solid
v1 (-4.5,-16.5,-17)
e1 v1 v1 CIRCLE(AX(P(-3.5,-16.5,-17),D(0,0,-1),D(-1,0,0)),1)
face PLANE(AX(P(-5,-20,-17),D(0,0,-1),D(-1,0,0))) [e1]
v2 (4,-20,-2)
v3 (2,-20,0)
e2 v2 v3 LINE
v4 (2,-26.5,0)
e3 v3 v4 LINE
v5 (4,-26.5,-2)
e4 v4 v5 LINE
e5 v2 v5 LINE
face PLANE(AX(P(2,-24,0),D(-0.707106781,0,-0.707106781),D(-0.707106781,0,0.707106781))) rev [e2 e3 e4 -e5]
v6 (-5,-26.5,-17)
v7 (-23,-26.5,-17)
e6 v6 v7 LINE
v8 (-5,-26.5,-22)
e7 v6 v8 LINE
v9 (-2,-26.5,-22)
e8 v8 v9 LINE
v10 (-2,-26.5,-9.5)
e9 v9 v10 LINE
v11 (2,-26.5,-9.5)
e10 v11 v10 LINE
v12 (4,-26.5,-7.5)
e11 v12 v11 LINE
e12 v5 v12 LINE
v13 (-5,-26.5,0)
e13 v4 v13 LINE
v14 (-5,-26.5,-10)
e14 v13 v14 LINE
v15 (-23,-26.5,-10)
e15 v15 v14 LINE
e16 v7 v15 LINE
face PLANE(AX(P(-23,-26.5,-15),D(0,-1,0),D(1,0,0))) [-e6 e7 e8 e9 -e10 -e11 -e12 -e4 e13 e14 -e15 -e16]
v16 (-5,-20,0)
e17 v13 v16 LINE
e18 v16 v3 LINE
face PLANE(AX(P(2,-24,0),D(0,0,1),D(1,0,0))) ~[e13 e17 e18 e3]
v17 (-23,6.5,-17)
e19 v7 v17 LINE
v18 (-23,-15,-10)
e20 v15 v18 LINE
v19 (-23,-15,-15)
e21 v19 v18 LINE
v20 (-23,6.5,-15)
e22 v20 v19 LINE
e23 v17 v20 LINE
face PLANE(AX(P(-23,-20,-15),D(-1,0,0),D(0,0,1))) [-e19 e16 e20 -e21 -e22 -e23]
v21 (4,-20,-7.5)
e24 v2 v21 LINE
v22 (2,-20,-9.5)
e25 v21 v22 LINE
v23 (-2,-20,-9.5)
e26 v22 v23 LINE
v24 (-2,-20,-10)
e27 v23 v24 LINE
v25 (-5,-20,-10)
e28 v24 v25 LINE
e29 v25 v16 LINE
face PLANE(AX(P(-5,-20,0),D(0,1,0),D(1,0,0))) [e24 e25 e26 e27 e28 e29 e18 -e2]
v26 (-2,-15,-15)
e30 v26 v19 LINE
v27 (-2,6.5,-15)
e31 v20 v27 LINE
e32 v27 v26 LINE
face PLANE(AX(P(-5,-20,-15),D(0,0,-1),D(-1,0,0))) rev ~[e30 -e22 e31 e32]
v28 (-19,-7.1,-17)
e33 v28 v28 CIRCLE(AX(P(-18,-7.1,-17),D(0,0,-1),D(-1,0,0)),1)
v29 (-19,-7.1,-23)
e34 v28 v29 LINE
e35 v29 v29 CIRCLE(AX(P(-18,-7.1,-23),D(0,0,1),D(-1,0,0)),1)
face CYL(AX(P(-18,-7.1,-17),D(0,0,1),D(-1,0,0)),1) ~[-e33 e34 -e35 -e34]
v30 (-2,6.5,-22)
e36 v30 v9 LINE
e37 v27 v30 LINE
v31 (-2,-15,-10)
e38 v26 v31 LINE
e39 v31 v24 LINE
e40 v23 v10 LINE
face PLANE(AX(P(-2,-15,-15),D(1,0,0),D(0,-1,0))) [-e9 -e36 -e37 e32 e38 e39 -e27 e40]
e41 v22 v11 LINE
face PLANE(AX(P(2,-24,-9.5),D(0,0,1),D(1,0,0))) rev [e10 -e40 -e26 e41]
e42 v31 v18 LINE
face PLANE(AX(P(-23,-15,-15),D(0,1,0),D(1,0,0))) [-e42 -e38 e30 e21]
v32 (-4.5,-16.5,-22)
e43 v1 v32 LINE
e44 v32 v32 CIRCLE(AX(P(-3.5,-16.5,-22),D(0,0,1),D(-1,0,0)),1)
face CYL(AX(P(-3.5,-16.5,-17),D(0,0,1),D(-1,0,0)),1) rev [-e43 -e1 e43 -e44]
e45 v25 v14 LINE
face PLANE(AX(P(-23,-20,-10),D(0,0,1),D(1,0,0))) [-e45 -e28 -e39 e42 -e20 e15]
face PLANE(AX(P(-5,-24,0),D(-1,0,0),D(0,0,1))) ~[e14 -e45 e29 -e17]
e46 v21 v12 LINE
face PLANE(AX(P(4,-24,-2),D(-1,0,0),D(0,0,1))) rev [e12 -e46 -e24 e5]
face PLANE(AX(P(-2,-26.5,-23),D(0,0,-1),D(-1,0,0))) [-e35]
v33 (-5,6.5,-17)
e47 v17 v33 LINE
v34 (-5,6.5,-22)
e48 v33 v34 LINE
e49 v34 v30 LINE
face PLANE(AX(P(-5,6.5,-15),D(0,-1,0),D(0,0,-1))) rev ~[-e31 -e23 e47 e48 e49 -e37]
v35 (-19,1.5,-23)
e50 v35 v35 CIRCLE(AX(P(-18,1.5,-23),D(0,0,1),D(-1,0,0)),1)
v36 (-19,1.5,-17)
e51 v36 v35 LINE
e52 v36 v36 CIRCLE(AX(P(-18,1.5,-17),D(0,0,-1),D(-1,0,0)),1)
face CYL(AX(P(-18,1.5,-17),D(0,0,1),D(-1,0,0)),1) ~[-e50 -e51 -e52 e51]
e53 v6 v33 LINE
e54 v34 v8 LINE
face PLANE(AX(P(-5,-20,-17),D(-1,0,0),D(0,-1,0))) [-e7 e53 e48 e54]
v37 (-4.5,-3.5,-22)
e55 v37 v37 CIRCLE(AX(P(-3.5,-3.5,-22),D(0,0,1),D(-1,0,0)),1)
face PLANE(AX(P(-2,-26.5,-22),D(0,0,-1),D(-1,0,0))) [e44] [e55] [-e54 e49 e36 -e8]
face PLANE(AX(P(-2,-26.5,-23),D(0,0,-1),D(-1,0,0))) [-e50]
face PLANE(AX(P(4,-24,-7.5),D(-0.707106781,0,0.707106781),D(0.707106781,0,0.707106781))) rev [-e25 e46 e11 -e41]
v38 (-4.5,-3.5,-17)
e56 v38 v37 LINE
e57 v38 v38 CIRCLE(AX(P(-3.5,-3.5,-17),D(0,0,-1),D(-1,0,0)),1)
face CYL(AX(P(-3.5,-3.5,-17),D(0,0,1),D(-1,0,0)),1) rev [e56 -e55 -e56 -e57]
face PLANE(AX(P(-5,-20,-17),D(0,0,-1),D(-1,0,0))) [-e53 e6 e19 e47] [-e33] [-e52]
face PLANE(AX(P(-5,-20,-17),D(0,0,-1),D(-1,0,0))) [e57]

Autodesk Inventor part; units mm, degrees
ref_plane "YZ Plane" through (0, 0, 0) normal (1, 0, 0) x (0, 1, 0)
ref_plane "XZ Plane" through (0, 0, 0) normal (0, 1, 0) x (-1, 0, 0)
sketch "Boceto1" plane through (0, 0, 0) normal (0, 1, 0) x (-1, 0, 0)
  line L0 (0, 0) -> (-4, 0)
  line L1 (-4, 0) -> (-4, -9.5)
  line L2 (-4, -9.5) -> (0, -9.5)
  line L3 (0, -9.5) -> (0, 0)
  dimension "d0" = 4
  dimension "d1" = 9.5
extrude "Extrusión1" add sketch "Boceto1" along normal blind 4
sketch "Boceto2" plane through (0, 0, -9.5) normal (-1, 0, 0) x (0, 0, 1)
  line L0 (9.5, 4) -> (0, 4) projected
  line L1 (9.5, 4) -> (-4.5, 4)
  line L2 (-4.5, 4) -> (-7.5, 4)
  line L3 (-5, 0) -> (-5, -16)
  line L4 (0, 0) -> (0, 4) projected
  line L5 (9.5, 0) -> (0, 0) projected
  line L6 (0, 0) -> (9.5, 0)
  line L7 (9.5, 0) -> (9.5, 4)
  line L8 (-5, -16) -> (-12.5, -16)
  line L9 (-12.5, -16) -> (-12.5, 4)
  line L10 (-12.5, 4) -> (-7.5, 4)
  line L11 (-5, 0) -> (9.5, 0)
  line L12 (-5, 4) -> (9.5, 4)
  line L13 (9.5, 0) -> (9.5, 4) projected
  line L14 (9.5, 0) -> (9.5, 4)
  dimension "d4" = 14
  dimension "d5" = 3
  dimension "d6" = 20
  dimension "d25" = 7.5
extrude "Extrusión2" add sketch "Boceto2" along normal blind 2 contours L7 L5 L4 L0
sketch "Boceto3" plane through (-2, 0, -9.5) normal (-1, 0, 0) x (0, 0, 1)
  line L0 (9.5, 4) -> (0, 4) projected
  line L1 (-7.5, 4) -> (-2.5, 4)
  line L2 (-2.5, 4) -> (-2.5, 1.5)
  line L3 (-2.5, 1.5) -> (-7.5, 1.5)
  line L4 (-7.5, 4) -> (-7.5, -16) projected
  line L5 (-7.5, 1.5) -> (-7.5, -4.5)
  line L6 (-7.5, -4.5) -> (-7.5, -10.5)
  line L7 (-7.5, -10.5) -> (-7.5, -13)
  line L8 (-7.5, -13) -> (-2.5, -13)
  line L9 (-2.5, -13) -> (-2.5, -10.5)
  line L10 (-2.5, -10.5) -> (-7.5, -10.5)
  line L11 (-7.5, -4.5) -> (-7.5, -5.75)
  line L12 (-7.5, -5.75) -> (-2.5, -5.75)
  line L13 (-2.5, -5.75) -> (-2.5, -3.25)
  line L14 (-2.5, -3.25) -> (-7.5, -3.25)
  point P0 (9.5, 0)
  dimension "d9" = 5
  dimension "d10" = 2.5
  dimension "d11" = 6
  dimension "d12" = 6
  dimension "d13" = 2.5
  dimension "d14" = 5
  dimension "d15" = 2.5
  dimension "d16" = 1.25
  dimension "d17" = 5
  dimension "d18" = 2.5
extrude "Extrusión3" cut sketch "Boceto3" against normal blind 1
chamfer "Chaflán1" distance 2 angle 45 2 edges at (4, 2, -9.5) (4, 2, 0)
sketch "Boceto4" plane through (-2, 0, -9.5) normal (-1, 0, 0) x (0, 0, 1)
  line L0 (0, 0) -> (9.5, 0) projected
  line L1 (9.5, 0) -> (0, 0)
  line L2 (0, 0) -> (-5, 0)
  line L3 (-5, 0) -> (-5, -20)
  line L4 (-5, -20) -> (-12.5, -20)
  line L5 (-12.5, -20) -> (-12.5, 4)
  line L6 (9.5, 4) -> (0, 4) projected
  line L7 (-12.5, 4) -> (9.5, 4)
  line L8 (9.5, 0) -> (9.5, 4) projected
  line L9 (9.5, 4) -> (9.5, 0)
  line L10 (-12.5, 4) -> (-7.5, 4)
  line L11 (-7.5, 4) -> (-7.5, 1.5)
  line L12 (-7.5, 1.5) -> (-12.5, 1.5)
  line L13 (-12.5, 1.2493) -> (-12.5, -4.7507)
  line L14 (-12.5, -4.7507) -> (-12.5, -10.7507)
  line L15 (-12.5, -10.7507) -> (-7.5, -10.7507)
  line L16 (-7.5, -10.7507) -> (-7.5, -13.2507)
  line L17 (-7.5, -13.2507) -> (-12.5, -13.2507)
  line L18 (-12.5, -4.7507) -> (-12.5, -6.0007)
  line L19 (-12.5, -6.0007) -> (-7.5, -6.0007)
  line L20 (-7.5, -6.0007) -> (-7.5, -3.5007)
  line L21 (-7.5, -3.5007) -> (-12.5, -3.5007)
  dimension "d26" = 5
  dimension "d27" = 20
  dimension "d28" = 7.5
  dimension "d29" = 5
  dimension "d30" = 2.5
  dimension "d31" = 6
  dimension "d32" = 6
  dimension "d33" = 5
  dimension "d34" = 2.5
  dimension "d35" = 1.25
  dimension "d36" = 2.5
extrude "Extrusión4" add sketch "Boceto4" along normal blind 3 contours L2 L3 L4 L5 L17 L16 L15 L19 L20 L21 L12 L11 L7 L6 L8 L0
sketch "Boceto5" plane through (0, 4, 0) normal (0, 1, 0) x (1, 0, 0)
  line L0 (-2, 17) -> (-5, 17) projected
  line L1 (-5, 17) -> (-2, 17)
  line L2 (-2, 14.5) -> (-2, 9.5) projected
  line L3 (-2, 17) -> (-2, 9.5)
  line L4 (2, 9.5) -> (-2, 9.5) projected
  line L5 (-2, 9.5) -> (2, 9.5)
  line L6 (4, 7.5) -> (2, 9.5) projected
  line L7 (2, 9.5) -> (4, 7.5)
  line L8 (4, 2) -> (4, 7.5) projected
  line L9 (4, 7.5) -> (4, 2)
  line L10 (2, 0) -> (4, 2) projected
  line L11 (4, 2) -> (2, 0)
  line L12 (2, 0) -> (-5, 0) projected
  line L13 (2, 0) -> (-5, 0)
  line L14 (-5, 0) -> (-5, 17) projected
  line L15 (-5, 0) -> (-5, 17)
  point P0 (0, 0)
extrude "Extrusión5" add sketch "Boceto5" along normal blind 2.5
sketch "Boceto7" plane through (-5, 0, -9.5) normal (-1, 0, 0) x (0, 0, 1)
  line L0 (-7.5, 1.5) -> (-7.5, 6.5) projected
  line L1 (-7.5, 1.5) -> (-7.5, -20)
  line L2 (-12.5, -20) -> (-5, -20) projected
  line L3 (-7.5, -20) -> (-5.5, -20)
  line L4 (-5.5, -20) -> (-5.5, 6.5)
  line L5 (0, 6.5) -> (-7.5, 6.5) projected
  line L6 (-7.5, 6.5) -> (-7.5, 1.5)
  point P0 (9.5, 0)
  dimension "d41" = 2
extrude "Extrusión6" add sketch "Boceto7" along normal blind 8
sketch "Boceto8" plane through (-2, -13.2507, -17) normal (0, 0, -1) x (-1, 0, 0)
  line L0 (0, 14.7507) -> (0, 19.7507) projected
  line L1 (0, 14.7507) -> (2, 14.7507)
  line L2 (2, 14.7507) -> (6, 14.7507)
  line L3 (6, 14.7507) -> (6, 19.7507)
  line L4 (3, 19.7507) -> (11, 19.7507) projected
  circle A0 centre (6, 14.7507) radius 1
  line L5 (6, 13.7507) -> (6, 7.7507)
  line L6 (6, 7.7507) -> (6, 6.1507)
  circle A1 centre (6, 6.1507) radius 1
  line L7 (6, 6.1507) -> (5.7406, 6.1507)
  point P0 (-2, 13.2507)
  dimension "d46" = 2
  dimension "d44" = 2
  dimension "d45" = 4
  dimension "d47" = 6
extrude "Extrusión7" add sketch "Boceto8" along normal blind 6
sketch "Boceto9" plane through (-2, -20, -14.5) normal (0, 0, 1) x (1, 0, 0)
  line L0 (0, 0) -> (0, 20) projected
  line L1 (0, 20) -> (-3, 20) projected
  line L2 (0, 20) -> (-3, 20)
  line L3 (-3, 0) -> (-11, 0) projected
  line L4 (-3, 20) -> (-3, 0)
  line L5 (0, 0) -> (-3, 0) projected
  line L6 (-3, 0) -> (0, 0)
  line L7 (0, 0) -> (0, 20)
  point P0 (2, 20)
extrude "Extrusión8" cut sketch "Boceto9" against normal blind 0.5
sketch "Boceto10" plane through (-2, -3.5007, -22) normal (0, 0, -1) x (-1, 0, 0)
  line L0 (0, 5.0007) -> (3, 5.0007) projected
  line L1 (0, 5.0007) -> (0, 0) projected
  line L2 (3, 5.0007) -> (0, 5.0007)
  line L3 (0, 5.0007) -> (0, 0)
  line L4 (0, 0) -> (3, 0)
  line L5 (3, 0) -> (3, 5.0007)
  line L6 (0, -2.5) -> (3, -2.5) projected
  line L7 (0, -7.25) -> (3, -7.25) projected
  line L8 (3, -2.5) -> (0, -2.5)
  line L9 (0, -2.5) -> (0, -7.25)
  line L10 (0, -7.25) -> (3, -7.25)
  line L11 (3, -7.25) -> (3, -2.5)
  line L12 (3, -16.4993) -> (3, -9.75) projected
  line L13 (0, 3.5007) -> (0, -16.4993) projected
  line L14 (3, -9.75) -> (0, -9.75)
  line L15 (0, -9.75) -> (0, -16.4993)
  line L16 (0, -16.4993) -> (3, -16.4993)
  line L17 (3, -16.4993) -> (3, -9.75)
  point P0 (-2, 3.5007)
extrude "Extrusión9" cut sketch "Boceto10" against normal blind 5
sketch "Boceto11" plane through (-5, 0, -15) normal (0, 0, 1) x (1, 0, 0)
  line L0 (0, 0) -> (0, -20)
  point P0 (5, 0)
  dimension "d58" = 20
ref_plane "Plano de trabajo1" through (0, -10, 0) normal (0, -1, 0) x (1, 0, 0)
mirror "Simetría1" about plane through (0, -10, 0) normal (0, -1, 0) of "Extrusión5"
sketch "Boceto12" plane through (-5, -24, 0) normal (0, 1, 0) x (1, 0, 0)
  line L0 (0, 0) -> (7, 0) projected
  line L1 (0, 17) -> (0, 0) projected
  line L2 (0, 0) -> (0, 17)
  line L3 (3, 9.5) -> (3, 17) projected
  line L4 (0, 17) -> (3, 17)
  line L5 (3, 17) -> (3, 9.5)
  line L6 (7, 9.5) -> (3, 9.5) projected
  line L7 (3, 9.5) -> (7, 9.5)
  line L8 (9, 7.5) -> (7, 9.5) projected
  line L9 (7, 9.5) -> (9, 7.5)
  line L10 (9, 2) -> (9, 7.5) projected
  line L11 (9, 7.5) -> (9, 2)
  line L12 (9, 2) -> (7, 0)
  line L13 (7, 0) -> (0, 0)
  point P0 (5, 0)
extrude "Extrusión10" add sketch "Boceto12" along normal blind 4
sketch "Boceto13" plane through (0, 6.5, 0) normal (0, 1, 0) x (1, 0, 0)
  line L0 (-5, 15) -> (-2, 15) projected
  line L1 (-5, 15) -> (10.3969, 15)
  line L2 (10.3969, 15) -> (10.0462, -8.8687)
  line L3 (10.0462, -8.8687) -> (-11.5494, -8.8687)
  line L4 (-11.5494, -8.8687) -> (-11.5494, 15)
  line L5 (-5, 15) -> (-13, 15) projected
  line L6 (-5, 15) -> (-11.5494, 15)
  point P0 (0, 0)
extrude "Extrusión11" cut sketch "Boceto13" against normal blind 9
sketch "Boceto14" plane through (-13, -20, -17) normal (0, -1, 0) x (1, 0, 0)
  line L0 (11, 0) -> (0, 0) projected
  line L1 (8, 2) -> (0, 2) projected
  line L2 (0, 0) -> (8, 0)
  line L3 (8, 0) -> (8, 2)
  line L4 (8, 2) -> (0, 2)
  line L5 (0, 2) -> (0, 0)
  point P0 (13, 17)
extrude "Extrusión12" add sketch "Boceto14" along normal blind 6.5
sketch "Boceto15" plane through (-2, 6.5, -17) normal (0, 0, -1) x (-1, 0, 0)
  line L0 (0, 0) -> (11, 0) projected
  line L1 (5.9919, 0) -> (15.9919, 0)
  line L2 (15.9919, 0) -> (15.9919, -33)
  circle A0 centre (6, -5) radius 1 projected
  line L3 (6, -5) -> (25.1824, -5)
  circle A1 centre (6, -13.6) radius 1 projected
  line L4 (6, -13.6) -> (25.934, -13.6)
  circle A2 centre (15.9919, -5) radius 1
  circle A3 centre (15.967, -13.6) radius 1
  line L5 (11, 0) -> (21, 0)
  line L6 (21, 0) -> (21, -33)
  line L7 (11, 0) -> (11, -33) projected
  line L8 (21, -33) -> (11, -33)
  line L9 (11, -33) -> (11, 0)
  point P0 (-2, -6.5)
  dimension "d66" = 10
  dimension "d67" = 2
  dimension "d68" = 2
  dimension "d69" = 10
extrude "Extrusión13" add sketch "Boceto15" against normal blind 2 contours L1 L2 A2 L3 L7 | L5 L6 L3 A2 L2 | L3 A2 L2 A3 L4 L7 | A2 L3 L2 | L2 L3 A2 | L3 L2 A2 | L4 A3 L2 L8 L7 | L3 A2 L2 | L3 L6 L4 A3 L2 A2 | A3 L2 L4 | L4 L2 A3 | L6 L8 L2 A3 L4 | A3 L4 L2 | L4 A3 L2
sketch "Boceto16" plane through (-2, -26.5, -17) normal (0, 0, -1) x (-1, 0, 0)
  circle A0 centre (6, 28) radius 1 projected
  line L0 (6, 28) -> (16, 28)
  circle A1 centre (6, 19.4) radius 1 projected
  line L1 (6, 19.4) -> (16, 19.4)
  circle A2 centre (16, 28) radius 1
  circle A3 centre (16, 19.4) radius 1
  point P0 (-2, 26.5)
  dimension "d72" = 10
  dimension "d73" = 10
  dimension "d74" = 2
  dimension "d75" = 2
extrude "Extrusión14" add sketch "Boceto16" along normal blind 6 contours A2 | A3
sketch "Boceto17" plane through (-8, -7.1, -23) normal (0, 0, -1) x (-1, 0, 0)
  line L0 (4.3511, -2.3199) -> (4.3511, 11.9603)
  line L1 (4.3511, 11.9603) -> (-3.8663, 11.9603)
  line L2 (-3.8663, 11.9603) -> (-3.8663, -2.9713)
  line L3 (-3.8663, -2.9713) -> (4.3511, -2.3199)
  point P0 (-8, 7.1)
extrude "Extrusión15" cut sketch "Boceto17" against normal blind 6
sketch "Boceto18" plane through (-2, -26.5, -17) normal (0, 0, -1) x (-1, 0, 0)
  line L0 (3, 6.5) -> (3, 0) projected
  line L1 (0, 0) -> (3, 0)
  line L2 (3, 0) -> (3, 33)
  line L3 (0, 33) -> (21, 33) projected
  line L4 (0, 33) -> (21, 33) projected
  line L5 (3, 33) -> (0, 33)
  line L6 (0, 33) -> (0, 0)
  line L7 (3, 0) -> (-4, 0) projected
  line L8 (-4, 0) -> (0, 0) projected
  line L9 (3, 0) -> (0, 0)
  line L10 (1.5, 33) -> (1.5, 0)
  line L11 (1.5, 33) -> (1.5, 23)
  circle A0 centre (1.5, 23) radius 1
  line L12 (1.5, 0) -> (1.5, 10)
  circle A1 centre (1.5, 10) radius 1
  point P0 (-2, 26.5)
  dimension "d82" = 10
  dimension "d83" = 2
  dimension "d84" = 10
  dimension "d85" = 2
extrude "Extrusión16" add sketch "Boceto18" along normal blind 5 contours L0 L1 L10 A1 A0 L3 L2 | L1 L6 L3 L10 A0 A1
sketch "Boceto19" plane through (-5, -20, -15) normal (0, 0, 1) x (1, 0, 0)
  line L0 (3, 0) -> (-18, 0)
  line L1 (-18, 26.5) -> (-18, -6.5) projected
  line L2 (-18, 0) -> (-18, 5)
  line L3 (-18, 5) -> (2.826, 5)
  line L4 (2.826, 5) -> (3, 5)
  line L5 (3, 26.5) -> (3, 0) projected
  line L6 (3, 5) -> (3, 0)
  point P0 (5, 20)
  dimension "d86" = 5
extrude "Extrusión17" add sketch "Boceto19" along normal blind 5
sketch "Boceto20" plane through (-23, -20, -15) normal (0, -1, 0) x (1, 0, 0)
  line L0 (0, 0) -> (0, 5) projected
  line L1 (0, 5) -> (18, 5) projected
  line L2 (0, 0) -> (18, 0)
  line L3 (18, 0) -> (18, 5)
  line L4 (18, 5) -> (0, 5)
  line L5 (0, 5) -> (0, 0)
  point P0 (23, 15)
extrude "Extrusión18" add sketch "Boceto20" along normal blind 6.5
sketch "Boceto21" plane through (-5, -26.5, -17) normal (-1, 0, 0) x (0, 0, 1)
  point P0 (17, 26.5)
properties part number "base_fin_carrera"
